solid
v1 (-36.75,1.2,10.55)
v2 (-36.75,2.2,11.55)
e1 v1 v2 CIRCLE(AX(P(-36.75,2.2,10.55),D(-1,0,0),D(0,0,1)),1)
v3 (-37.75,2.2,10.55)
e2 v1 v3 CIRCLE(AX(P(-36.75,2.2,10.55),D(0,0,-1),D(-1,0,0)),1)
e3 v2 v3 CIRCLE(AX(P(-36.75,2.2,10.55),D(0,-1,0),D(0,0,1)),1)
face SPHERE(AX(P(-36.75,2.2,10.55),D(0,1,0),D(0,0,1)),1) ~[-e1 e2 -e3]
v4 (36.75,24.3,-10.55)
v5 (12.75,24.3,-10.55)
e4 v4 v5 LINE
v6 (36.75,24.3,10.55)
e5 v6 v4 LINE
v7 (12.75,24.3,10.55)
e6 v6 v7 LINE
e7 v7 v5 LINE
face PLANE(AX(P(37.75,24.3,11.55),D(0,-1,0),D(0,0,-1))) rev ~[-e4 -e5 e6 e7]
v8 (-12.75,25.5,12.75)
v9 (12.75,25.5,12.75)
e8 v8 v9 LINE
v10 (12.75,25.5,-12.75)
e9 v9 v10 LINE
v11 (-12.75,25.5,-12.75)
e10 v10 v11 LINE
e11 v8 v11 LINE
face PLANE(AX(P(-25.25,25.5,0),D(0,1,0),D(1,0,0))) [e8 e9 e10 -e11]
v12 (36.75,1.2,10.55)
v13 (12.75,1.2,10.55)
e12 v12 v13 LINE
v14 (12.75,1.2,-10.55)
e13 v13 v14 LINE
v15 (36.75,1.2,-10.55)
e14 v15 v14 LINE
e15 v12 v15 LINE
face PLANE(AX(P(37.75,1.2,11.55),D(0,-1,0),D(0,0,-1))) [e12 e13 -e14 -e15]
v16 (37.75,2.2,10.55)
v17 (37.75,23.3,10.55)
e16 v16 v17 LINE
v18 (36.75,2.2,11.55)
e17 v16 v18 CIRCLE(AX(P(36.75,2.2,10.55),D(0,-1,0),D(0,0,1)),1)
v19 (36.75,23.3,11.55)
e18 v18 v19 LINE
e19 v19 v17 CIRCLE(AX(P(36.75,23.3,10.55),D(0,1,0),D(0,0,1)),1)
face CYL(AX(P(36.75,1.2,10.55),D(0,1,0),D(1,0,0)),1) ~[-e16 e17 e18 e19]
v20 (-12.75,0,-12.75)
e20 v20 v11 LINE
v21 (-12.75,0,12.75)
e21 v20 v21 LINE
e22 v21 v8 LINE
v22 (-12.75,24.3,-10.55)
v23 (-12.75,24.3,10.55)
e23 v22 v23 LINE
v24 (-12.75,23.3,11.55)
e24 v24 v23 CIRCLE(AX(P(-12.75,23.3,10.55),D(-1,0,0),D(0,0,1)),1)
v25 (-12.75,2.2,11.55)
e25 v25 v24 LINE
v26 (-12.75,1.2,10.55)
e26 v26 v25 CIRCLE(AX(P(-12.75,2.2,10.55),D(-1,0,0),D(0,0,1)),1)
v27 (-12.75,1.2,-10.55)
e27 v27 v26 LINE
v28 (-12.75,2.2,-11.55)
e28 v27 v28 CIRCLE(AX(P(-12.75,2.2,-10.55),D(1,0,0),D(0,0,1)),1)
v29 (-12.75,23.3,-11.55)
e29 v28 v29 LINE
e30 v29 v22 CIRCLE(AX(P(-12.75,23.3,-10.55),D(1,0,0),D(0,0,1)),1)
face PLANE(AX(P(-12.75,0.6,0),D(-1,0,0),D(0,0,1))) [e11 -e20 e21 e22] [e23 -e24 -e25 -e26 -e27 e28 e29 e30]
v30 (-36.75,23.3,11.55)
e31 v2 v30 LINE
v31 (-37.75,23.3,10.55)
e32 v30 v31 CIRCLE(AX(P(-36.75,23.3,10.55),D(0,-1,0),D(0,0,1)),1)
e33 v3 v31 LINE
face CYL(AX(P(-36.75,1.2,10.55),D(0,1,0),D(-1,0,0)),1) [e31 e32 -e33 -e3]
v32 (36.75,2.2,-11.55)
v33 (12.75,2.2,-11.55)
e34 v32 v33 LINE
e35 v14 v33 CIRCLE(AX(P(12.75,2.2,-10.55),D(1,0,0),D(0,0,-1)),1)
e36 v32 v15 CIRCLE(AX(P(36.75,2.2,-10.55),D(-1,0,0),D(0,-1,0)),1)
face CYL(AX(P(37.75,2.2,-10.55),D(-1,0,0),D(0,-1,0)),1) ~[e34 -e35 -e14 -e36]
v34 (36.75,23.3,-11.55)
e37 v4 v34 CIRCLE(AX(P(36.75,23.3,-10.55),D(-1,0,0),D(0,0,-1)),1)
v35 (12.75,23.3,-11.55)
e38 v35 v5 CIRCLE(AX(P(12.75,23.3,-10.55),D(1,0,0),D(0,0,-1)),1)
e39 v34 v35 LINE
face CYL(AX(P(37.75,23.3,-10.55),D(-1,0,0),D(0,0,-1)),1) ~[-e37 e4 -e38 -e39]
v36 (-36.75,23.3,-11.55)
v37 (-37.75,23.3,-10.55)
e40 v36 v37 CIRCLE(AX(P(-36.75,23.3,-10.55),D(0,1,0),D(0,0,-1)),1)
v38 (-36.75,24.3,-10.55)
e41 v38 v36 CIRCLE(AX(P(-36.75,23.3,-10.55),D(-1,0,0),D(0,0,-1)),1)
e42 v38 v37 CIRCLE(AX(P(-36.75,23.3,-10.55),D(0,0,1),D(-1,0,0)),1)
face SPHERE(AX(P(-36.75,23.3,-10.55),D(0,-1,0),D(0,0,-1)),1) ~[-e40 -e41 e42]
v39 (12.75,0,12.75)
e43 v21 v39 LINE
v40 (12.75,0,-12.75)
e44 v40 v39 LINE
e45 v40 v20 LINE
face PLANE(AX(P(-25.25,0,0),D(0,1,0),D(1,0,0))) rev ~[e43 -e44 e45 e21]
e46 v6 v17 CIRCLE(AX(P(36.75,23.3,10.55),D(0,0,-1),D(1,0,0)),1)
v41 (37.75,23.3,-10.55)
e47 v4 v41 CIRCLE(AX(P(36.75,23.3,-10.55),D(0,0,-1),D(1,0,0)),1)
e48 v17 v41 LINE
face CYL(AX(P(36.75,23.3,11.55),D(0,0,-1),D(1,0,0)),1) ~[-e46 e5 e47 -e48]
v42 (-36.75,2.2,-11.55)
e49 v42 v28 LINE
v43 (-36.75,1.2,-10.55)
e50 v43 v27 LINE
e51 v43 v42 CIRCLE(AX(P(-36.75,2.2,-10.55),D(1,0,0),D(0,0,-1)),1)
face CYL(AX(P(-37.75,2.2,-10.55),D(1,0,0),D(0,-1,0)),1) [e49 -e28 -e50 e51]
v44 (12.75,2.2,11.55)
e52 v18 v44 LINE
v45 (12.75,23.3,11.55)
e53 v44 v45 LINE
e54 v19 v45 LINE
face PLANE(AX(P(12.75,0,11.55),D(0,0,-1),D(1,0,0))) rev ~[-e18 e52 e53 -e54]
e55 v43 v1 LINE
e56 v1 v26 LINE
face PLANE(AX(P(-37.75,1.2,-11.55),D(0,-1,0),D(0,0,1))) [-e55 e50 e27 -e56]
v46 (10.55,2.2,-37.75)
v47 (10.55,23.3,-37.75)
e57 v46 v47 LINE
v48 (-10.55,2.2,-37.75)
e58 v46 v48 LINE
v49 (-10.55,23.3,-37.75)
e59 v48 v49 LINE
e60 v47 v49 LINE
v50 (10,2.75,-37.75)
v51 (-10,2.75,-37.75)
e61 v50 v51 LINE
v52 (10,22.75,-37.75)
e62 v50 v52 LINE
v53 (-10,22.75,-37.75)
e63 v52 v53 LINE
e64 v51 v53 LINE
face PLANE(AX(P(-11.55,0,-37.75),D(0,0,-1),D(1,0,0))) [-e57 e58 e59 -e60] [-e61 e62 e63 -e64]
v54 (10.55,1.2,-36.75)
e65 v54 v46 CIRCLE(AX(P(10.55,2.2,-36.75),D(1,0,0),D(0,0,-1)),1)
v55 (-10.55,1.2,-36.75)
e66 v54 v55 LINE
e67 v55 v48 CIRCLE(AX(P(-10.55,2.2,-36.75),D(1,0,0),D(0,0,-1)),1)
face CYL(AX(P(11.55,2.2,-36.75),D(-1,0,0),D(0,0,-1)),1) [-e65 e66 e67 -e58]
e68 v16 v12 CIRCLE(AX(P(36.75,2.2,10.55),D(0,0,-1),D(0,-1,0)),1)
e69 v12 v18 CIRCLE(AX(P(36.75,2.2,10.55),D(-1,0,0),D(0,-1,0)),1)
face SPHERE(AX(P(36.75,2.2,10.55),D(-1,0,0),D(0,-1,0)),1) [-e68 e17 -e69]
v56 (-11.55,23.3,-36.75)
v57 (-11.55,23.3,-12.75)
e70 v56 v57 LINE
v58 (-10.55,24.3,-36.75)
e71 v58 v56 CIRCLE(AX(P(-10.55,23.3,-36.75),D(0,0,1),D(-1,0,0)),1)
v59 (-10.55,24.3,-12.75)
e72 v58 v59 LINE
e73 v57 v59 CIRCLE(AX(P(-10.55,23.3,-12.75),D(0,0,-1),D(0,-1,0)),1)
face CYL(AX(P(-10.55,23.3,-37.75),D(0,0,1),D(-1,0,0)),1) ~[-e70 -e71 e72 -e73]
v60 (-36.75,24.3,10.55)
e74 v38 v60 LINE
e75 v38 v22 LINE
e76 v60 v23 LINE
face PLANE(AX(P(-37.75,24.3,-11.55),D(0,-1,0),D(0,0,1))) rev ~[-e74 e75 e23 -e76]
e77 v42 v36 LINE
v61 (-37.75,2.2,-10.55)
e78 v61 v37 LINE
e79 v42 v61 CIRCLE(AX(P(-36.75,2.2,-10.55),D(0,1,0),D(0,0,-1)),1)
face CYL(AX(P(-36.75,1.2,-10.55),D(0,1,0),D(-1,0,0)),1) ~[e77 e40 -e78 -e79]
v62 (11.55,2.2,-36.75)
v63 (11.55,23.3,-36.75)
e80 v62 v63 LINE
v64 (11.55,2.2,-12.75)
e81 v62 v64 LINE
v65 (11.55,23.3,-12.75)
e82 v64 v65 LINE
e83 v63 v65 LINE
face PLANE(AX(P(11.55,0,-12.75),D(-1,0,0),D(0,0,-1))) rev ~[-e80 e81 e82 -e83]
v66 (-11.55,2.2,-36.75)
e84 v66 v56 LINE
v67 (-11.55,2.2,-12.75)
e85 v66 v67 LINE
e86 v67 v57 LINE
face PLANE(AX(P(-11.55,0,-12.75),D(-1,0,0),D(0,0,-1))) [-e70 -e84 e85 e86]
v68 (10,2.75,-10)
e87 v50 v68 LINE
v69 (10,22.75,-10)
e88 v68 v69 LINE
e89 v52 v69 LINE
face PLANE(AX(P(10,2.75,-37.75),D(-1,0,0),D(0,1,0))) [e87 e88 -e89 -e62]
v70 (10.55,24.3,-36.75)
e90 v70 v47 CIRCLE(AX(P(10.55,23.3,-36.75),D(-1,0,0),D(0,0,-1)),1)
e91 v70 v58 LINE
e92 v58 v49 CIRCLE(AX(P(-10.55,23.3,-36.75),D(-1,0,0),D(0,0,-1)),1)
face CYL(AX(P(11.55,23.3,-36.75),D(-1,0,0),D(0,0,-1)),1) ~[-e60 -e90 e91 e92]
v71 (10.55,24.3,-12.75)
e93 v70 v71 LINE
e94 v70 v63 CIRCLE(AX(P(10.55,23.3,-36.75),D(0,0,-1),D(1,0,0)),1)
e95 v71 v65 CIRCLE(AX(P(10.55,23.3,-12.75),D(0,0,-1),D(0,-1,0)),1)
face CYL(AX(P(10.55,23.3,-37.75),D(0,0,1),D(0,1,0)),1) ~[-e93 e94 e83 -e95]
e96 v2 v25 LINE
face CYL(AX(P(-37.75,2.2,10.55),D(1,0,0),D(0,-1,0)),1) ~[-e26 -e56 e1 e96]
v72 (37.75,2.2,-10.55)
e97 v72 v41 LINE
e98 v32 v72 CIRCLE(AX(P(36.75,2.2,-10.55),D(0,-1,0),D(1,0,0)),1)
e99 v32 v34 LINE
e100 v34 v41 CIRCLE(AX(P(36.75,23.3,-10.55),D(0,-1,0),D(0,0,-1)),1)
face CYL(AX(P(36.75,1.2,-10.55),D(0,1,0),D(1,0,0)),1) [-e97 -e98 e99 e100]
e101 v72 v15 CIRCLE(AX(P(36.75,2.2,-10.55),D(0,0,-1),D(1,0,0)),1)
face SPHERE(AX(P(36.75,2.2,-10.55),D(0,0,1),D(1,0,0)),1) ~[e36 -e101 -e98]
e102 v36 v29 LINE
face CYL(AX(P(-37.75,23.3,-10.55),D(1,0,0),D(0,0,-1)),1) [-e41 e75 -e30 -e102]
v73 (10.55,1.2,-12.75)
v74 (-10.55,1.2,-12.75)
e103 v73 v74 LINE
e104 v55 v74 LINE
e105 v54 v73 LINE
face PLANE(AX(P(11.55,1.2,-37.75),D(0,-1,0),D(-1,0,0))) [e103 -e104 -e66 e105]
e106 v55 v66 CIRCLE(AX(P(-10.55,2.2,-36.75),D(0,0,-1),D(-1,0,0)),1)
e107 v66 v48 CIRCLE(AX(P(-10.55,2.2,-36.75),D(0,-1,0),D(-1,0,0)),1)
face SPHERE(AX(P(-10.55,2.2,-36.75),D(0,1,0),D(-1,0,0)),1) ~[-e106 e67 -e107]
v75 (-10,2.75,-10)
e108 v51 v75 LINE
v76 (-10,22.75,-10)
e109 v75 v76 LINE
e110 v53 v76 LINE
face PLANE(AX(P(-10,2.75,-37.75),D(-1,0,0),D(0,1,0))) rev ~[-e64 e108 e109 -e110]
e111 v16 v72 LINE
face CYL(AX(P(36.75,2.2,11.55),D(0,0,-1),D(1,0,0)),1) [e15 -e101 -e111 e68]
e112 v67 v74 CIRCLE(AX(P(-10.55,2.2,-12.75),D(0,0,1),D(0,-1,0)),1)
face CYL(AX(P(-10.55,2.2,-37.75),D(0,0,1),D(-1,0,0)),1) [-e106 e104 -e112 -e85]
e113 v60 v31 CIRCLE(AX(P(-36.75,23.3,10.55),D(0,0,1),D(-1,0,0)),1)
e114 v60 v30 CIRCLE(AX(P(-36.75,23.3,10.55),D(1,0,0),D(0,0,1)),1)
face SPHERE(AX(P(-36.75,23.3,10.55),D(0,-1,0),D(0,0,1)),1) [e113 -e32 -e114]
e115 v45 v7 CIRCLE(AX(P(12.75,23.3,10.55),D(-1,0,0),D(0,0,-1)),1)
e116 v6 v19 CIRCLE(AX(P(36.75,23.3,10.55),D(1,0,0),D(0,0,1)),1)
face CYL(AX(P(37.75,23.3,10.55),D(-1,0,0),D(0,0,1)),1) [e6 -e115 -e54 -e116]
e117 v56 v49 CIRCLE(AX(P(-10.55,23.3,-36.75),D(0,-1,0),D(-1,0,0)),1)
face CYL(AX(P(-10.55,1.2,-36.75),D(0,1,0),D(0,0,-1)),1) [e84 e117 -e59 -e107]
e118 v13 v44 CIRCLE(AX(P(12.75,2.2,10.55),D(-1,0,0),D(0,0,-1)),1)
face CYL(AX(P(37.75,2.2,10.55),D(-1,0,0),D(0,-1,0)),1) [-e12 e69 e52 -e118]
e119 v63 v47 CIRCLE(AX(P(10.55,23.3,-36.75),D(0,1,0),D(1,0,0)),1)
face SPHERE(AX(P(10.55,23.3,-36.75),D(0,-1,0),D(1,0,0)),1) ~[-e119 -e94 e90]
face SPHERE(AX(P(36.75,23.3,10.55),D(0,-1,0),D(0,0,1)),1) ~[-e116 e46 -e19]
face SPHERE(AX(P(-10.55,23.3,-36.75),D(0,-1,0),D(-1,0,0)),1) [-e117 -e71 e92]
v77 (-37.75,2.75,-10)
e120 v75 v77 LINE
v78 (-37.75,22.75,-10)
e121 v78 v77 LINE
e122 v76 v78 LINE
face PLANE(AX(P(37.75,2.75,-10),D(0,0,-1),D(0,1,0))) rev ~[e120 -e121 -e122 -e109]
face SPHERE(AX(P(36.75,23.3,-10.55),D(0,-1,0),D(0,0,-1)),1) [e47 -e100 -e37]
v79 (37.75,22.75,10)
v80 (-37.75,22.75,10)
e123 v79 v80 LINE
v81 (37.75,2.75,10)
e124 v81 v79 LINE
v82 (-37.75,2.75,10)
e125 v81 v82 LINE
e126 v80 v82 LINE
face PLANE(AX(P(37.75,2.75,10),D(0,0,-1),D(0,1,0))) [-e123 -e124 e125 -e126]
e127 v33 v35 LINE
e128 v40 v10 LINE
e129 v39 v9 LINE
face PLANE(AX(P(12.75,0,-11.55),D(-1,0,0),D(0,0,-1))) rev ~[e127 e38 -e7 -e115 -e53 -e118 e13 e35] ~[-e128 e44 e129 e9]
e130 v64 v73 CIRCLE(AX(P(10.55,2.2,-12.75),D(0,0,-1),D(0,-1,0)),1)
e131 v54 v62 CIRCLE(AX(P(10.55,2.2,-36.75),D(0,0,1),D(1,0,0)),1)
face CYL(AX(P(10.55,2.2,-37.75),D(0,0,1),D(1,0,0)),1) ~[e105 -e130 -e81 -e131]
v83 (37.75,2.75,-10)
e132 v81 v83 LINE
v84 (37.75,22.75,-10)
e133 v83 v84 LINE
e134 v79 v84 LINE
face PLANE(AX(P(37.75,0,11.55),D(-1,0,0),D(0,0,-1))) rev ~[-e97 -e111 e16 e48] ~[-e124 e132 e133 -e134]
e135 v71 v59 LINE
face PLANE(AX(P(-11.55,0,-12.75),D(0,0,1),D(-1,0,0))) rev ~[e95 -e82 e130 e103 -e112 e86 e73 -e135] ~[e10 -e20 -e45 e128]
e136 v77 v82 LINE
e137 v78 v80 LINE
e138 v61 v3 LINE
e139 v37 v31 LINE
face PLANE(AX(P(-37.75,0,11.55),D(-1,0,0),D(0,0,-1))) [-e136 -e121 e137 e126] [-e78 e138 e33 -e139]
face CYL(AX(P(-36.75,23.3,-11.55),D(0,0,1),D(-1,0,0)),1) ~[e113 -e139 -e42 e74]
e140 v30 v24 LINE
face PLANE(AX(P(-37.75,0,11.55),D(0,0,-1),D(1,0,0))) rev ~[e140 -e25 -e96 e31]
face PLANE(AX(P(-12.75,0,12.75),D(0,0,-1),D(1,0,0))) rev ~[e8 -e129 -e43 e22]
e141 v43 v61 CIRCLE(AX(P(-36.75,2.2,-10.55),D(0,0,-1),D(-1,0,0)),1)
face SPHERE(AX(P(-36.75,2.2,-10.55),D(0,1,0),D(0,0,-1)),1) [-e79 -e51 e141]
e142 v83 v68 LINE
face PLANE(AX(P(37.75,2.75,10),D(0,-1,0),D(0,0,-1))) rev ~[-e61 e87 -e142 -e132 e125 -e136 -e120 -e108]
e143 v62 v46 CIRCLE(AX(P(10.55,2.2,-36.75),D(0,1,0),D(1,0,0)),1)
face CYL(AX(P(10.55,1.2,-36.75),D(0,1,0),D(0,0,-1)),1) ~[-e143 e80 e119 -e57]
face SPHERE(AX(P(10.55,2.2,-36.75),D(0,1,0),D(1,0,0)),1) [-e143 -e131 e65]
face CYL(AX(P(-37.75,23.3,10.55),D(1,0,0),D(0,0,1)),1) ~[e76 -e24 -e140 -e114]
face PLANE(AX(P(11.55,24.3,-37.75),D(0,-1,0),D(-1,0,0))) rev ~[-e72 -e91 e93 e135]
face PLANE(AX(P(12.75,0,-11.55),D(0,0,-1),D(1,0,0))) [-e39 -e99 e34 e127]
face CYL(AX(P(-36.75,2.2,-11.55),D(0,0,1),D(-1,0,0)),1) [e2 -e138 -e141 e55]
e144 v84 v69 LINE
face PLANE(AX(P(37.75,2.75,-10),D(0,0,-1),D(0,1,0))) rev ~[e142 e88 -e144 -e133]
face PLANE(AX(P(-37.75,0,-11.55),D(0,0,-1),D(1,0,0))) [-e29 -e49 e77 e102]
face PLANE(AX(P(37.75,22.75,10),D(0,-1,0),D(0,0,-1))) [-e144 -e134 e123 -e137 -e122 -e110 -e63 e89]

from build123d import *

# Parameters (mm, degrees)
SKETCH1_W           = 25
SKETCH1_H           = 23.1
SKETCH1_W_2         = 23.1
SKETCH1_H_2         = 25
BOSS_EXTRUDE2_DEPTH = 25.5
SKETCH2_W           = 23.1
SKETCH2_H           = 1.2
CUT_EXTRUDE1_DEPTH  = 25
SKETCH3_W           = 23.1
SKETCH3_H           = 1.2
CUT_EXTRUDE2_DEPTH  = 25
SKETCH4_W           = 23.1
SKETCH4_H           = 1.2
CUT_EXTRUDE3_DEPTH  = 25
SKETCH5_W           = 20
SKETCH5_H           = 20
CUT_EXTRUDE4_DEPTH  = 76.5
SKETCH8_W           = 20
SKETCH8_H           = 20
CUT_EXTRUDE5_DEPTH  = 30
FILLET1_R           = 1


with BuildPart() as part:
    # Sketch1 → Boss-Extrude2 (new body)
    with BuildSketch(Plane(origin=(0, 0, 0), x_dir=(1, 0, 0), z_dir=(0, 1, 0))):
        with Locations((-25.25, 0)):
            Rectangle(SKETCH1_W, SKETCH1_H)
        Polygon((11.55, 12.75), (-11.55, 12.75), (-12.75, 12.75), (-12.75, 11.55), (-12.75, -11.55), (-12.75, -12.75), (12.75, -12.75), (12.75, -11.55), (12.75, 11.55), (12.75, 12.75), align=None)
        with Locations((0, 25.25)):
            Rectangle(SKETCH1_W_2, SKETCH1_H_2)
        with Locations((25.25, 0)):
            Rectangle(SKETCH1_W, SKETCH1_H)
    extrude(amount=BOSS_EXTRUDE2_DEPTH)

    # Sketch2 → Cut-Extrude1 (cut)
    with BuildSketch(Plane(origin=(37.75, 0, 0), x_dir=(0, 0, -1), z_dir=(1, 0, 0))):
        with Locations((0, 24.9)):
            Rectangle(SKETCH2_W, SKETCH2_H)
        with Locations((0, 0.6)):
            Rectangle(SKETCH2_W, SKETCH2_H)
    extrude(amount=-CUT_EXTRUDE1_DEPTH, mode=Mode.SUBTRACT)

    # Sketch3 → Cut-Extrude2 (cut)
    with BuildSketch(Plane.ZY.offset(37.75)):
        with Locations((0, 24.9)):
            Rectangle(SKETCH3_W, SKETCH3_H)
        with Locations((0, 0.6)):
            Rectangle(SKETCH3_W, SKETCH3_H)
    extrude(amount=-CUT_EXTRUDE2_DEPTH, mode=Mode.SUBTRACT)

    # Sketch4 → Cut-Extrude3 (cut)
    with BuildSketch(Plane(origin=(0, 0, -37.75), x_dir=(-1, 0, 0), z_dir=(0, 0, -1))):
        with Locations((0, 24.9)):
            Rectangle(SKETCH4_W, SKETCH4_H)
        with Locations((0, 0.6)):
            Rectangle(SKETCH4_W, SKETCH4_H)
    extrude(amount=-CUT_EXTRUDE3_DEPTH, mode=Mode.SUBTRACT)

    # Sketch5 → Cut-Extrude4 (cut, through all)
    with BuildSketch(Plane(origin=(37.75, 0, 0), x_dir=(0, 0, -1), z_dir=(1, 0, 0))):
        with Locations((0, 12.75)):
            Rectangle(SKETCH5_W, SKETCH5_H)
    extrude(amount=-CUT_EXTRUDE4_DEPTH, mode=Mode.SUBTRACT)

    # Sketch8 → Cut-Extrude5 (cut)
    with BuildSketch(Plane(origin=(0, 0, -37.75), x_dir=(-1, 0, 0), z_dir=(0, 0, -1))):
        with Locations((0, 12.75)):
            Rectangle(SKETCH8_W, SKETCH8_H)
    extrude(amount=-CUT_EXTRUDE5_DEPTH, mode=Mode.SUBTRACT)

    # Fillet1
    fillet1_edges = [part.edges().sort_by_distance(p)[0] for p in [
        (25.25, 1.2, 11.55),
        (37.75, 1.2, 0),
        (-37.75, 12.75, 11.55),
        (-37.75, 12.75, -11.55),
        (-25.25, 24.3, -11.55),
        (-25.25, 24.3, 11.55),
        (-37.75, 24.3, 0),
        (-25.25, 1.2, 11.55),
        (-25.25, 1.2, -11.55),
        (-37.75, 1.2, 0),
        (-11.55, 12.75, -37.75),
        (11.55, 12.75, -37.75),
        (11.55, 24.3, -25.25),
        (-11.55, 24.3, -25.25),
        (0, 24.3, -37.75),
        (-11.55, 1.2, -25.25),
        (11.55, 1.2, -25.25),
        (0, 1.2, -37.75),
        (37.75, 12.75, -11.55),
        (37.75, 12.75, 11.55),
        (25.25, 24.3, 11.55),
        (25.25, 24.3, -11.55),
        (37.75, 24.3, 0),
        (25.25, 1.2, -11.55),
    ]]
    fillet(fillet1_edges, radius=FILLET1_R)


solid = part.part
